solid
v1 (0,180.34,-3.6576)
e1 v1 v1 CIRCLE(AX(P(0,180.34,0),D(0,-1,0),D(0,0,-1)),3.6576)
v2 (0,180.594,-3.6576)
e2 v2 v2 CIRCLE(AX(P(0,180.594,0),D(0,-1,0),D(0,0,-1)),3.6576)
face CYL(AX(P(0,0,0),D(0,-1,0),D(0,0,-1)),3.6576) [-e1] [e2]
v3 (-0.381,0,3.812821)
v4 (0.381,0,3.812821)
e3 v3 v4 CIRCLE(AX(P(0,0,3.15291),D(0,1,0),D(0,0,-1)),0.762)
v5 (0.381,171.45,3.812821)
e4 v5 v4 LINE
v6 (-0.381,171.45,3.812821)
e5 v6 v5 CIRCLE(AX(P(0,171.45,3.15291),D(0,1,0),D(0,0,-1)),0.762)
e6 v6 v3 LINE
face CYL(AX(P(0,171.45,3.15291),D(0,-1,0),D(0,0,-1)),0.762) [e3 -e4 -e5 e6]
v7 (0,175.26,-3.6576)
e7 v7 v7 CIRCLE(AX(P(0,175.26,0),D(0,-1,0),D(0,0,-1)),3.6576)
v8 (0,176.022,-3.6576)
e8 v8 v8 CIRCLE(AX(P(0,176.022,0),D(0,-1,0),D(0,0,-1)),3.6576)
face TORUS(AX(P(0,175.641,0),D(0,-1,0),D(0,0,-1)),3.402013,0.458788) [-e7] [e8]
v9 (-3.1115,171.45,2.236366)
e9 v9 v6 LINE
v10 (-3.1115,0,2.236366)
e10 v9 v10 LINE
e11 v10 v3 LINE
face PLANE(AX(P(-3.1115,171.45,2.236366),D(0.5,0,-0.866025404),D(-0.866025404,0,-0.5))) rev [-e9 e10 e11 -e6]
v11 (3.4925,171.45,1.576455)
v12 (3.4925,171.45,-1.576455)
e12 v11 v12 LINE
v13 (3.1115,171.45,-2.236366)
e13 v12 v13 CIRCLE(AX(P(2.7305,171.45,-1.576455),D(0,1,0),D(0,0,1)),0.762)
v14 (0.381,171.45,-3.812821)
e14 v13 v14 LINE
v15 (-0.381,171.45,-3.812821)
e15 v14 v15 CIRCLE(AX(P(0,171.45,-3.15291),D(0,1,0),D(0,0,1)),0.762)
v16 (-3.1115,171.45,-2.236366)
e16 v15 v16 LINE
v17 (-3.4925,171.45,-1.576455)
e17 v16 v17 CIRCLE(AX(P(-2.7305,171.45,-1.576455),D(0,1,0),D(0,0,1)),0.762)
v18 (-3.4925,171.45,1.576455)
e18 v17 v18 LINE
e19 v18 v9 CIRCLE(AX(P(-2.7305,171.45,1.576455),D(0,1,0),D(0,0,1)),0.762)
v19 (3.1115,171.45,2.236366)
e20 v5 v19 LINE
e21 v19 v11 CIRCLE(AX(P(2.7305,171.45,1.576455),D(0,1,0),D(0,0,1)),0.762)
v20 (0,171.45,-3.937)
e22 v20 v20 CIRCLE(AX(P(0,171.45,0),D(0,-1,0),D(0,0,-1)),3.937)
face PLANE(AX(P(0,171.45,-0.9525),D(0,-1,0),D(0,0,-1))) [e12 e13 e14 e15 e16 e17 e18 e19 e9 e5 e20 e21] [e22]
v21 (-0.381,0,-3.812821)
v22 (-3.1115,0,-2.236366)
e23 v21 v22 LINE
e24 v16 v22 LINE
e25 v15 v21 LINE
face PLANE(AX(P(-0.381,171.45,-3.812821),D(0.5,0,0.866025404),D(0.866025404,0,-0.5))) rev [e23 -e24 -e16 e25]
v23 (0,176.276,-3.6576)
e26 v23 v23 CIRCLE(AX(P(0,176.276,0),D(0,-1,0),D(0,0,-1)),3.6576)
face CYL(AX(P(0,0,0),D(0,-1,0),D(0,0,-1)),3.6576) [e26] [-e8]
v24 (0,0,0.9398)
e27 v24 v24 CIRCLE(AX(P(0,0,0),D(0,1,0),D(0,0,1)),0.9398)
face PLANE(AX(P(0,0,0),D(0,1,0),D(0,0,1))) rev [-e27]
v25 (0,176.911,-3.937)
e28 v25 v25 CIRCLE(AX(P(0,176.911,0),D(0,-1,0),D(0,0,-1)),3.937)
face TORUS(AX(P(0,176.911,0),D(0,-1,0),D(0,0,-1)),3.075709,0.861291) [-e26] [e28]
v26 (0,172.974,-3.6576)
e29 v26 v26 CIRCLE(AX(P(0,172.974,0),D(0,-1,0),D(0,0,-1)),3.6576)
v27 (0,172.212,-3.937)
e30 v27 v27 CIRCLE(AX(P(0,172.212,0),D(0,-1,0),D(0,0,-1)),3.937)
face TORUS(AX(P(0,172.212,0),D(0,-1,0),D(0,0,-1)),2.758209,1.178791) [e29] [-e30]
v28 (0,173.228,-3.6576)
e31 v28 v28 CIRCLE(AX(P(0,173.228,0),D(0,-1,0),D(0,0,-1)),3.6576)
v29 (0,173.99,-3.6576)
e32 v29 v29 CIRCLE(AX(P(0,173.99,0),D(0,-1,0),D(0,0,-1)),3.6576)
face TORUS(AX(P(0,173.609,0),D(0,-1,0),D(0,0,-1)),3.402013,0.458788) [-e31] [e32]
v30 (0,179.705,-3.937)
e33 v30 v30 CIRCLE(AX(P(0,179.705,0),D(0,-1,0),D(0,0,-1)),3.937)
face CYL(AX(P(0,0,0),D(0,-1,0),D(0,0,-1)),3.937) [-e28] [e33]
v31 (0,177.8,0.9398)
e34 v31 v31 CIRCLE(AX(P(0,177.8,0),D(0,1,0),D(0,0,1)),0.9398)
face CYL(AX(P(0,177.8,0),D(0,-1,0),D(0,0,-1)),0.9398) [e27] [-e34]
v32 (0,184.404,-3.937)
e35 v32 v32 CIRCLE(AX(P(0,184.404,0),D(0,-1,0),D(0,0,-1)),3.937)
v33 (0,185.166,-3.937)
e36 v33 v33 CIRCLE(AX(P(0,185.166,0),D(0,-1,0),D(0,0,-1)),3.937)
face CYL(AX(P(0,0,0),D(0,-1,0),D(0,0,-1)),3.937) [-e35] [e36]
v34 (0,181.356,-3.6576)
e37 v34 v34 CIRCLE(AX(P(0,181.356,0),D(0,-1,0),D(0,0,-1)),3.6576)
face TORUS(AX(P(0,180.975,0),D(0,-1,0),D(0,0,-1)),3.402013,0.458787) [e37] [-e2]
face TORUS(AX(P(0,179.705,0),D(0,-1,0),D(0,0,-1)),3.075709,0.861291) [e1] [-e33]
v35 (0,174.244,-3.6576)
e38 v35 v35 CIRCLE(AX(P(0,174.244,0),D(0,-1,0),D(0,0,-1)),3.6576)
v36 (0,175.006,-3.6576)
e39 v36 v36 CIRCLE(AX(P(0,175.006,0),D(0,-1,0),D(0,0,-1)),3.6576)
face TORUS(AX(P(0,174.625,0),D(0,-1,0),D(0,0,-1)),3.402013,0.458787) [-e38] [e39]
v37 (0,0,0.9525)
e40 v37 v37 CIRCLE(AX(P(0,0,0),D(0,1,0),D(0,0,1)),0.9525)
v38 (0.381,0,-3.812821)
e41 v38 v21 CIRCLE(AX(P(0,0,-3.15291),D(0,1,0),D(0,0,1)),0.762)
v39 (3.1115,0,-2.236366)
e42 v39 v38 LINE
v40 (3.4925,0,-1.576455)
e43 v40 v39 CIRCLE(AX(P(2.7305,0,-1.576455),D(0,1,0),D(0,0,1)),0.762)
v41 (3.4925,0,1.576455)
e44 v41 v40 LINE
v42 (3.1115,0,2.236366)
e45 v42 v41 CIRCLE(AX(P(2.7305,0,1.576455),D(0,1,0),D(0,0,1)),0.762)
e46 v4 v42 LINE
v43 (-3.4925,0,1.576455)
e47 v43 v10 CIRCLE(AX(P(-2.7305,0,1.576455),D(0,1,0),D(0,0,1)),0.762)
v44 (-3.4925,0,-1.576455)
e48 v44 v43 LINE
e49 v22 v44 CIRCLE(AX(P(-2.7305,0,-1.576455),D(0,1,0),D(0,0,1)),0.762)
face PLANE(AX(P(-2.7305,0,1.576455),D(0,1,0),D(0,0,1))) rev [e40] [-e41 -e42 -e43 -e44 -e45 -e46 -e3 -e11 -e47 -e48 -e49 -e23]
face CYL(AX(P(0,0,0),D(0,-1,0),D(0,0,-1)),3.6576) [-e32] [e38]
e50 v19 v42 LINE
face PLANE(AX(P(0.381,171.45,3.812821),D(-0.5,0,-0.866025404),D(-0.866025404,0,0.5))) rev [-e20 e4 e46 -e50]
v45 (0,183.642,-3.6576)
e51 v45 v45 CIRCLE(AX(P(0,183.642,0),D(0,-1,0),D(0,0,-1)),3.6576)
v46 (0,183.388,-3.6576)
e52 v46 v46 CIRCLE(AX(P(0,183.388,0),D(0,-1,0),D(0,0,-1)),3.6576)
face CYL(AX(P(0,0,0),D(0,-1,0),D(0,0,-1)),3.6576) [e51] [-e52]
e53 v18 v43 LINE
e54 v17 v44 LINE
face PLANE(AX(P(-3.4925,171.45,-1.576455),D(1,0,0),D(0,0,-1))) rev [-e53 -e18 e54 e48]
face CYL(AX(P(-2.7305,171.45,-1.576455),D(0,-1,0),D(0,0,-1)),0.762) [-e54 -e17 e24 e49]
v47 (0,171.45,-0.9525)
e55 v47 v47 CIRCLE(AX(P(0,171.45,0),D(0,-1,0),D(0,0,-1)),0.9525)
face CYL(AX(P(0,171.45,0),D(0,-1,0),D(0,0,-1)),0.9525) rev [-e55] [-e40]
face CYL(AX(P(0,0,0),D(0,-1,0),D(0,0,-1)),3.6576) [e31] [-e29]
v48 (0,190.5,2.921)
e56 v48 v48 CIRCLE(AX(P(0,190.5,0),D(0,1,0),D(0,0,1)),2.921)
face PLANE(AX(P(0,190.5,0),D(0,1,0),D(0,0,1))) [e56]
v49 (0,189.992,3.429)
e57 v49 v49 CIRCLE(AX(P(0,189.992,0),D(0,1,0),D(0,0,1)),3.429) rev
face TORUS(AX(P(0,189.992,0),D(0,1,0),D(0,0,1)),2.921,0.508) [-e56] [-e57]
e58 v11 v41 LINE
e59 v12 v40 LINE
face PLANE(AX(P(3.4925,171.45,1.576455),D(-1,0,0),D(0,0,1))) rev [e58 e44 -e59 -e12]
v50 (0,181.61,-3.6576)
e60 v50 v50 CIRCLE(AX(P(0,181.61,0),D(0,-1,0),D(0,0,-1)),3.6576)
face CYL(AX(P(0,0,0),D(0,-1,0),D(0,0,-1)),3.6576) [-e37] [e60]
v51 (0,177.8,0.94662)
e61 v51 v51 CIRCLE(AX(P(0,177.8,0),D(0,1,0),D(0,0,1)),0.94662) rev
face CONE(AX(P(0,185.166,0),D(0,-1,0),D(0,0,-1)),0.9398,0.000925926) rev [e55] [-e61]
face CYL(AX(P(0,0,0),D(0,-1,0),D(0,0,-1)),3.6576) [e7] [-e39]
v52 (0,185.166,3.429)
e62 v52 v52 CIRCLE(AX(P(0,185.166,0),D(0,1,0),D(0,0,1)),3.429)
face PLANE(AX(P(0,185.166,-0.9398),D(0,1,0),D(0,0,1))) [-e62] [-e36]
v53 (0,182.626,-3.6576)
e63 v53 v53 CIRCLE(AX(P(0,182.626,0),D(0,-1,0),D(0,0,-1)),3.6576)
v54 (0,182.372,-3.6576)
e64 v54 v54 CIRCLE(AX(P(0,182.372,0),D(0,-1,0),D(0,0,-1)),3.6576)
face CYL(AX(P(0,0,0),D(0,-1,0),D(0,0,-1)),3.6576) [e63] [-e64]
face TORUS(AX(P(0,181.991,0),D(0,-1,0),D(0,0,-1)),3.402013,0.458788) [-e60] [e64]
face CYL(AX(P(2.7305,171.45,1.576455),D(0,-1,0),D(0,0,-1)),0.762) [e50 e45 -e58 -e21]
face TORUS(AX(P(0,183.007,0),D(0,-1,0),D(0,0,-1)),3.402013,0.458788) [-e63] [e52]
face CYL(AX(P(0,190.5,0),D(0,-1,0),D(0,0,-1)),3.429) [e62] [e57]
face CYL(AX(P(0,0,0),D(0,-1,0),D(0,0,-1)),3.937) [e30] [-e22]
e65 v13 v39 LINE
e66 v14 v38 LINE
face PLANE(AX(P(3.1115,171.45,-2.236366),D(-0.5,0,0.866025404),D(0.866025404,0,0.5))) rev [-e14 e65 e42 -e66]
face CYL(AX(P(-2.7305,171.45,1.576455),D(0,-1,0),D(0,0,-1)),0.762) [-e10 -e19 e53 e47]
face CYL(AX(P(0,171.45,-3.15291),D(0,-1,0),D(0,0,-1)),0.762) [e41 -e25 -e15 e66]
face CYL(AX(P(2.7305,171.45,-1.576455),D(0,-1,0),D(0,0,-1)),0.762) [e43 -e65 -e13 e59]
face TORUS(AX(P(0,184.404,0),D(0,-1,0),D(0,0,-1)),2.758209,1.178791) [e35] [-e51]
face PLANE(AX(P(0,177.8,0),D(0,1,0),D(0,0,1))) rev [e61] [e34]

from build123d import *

# Parameters (mm, degrees)
SKETCH1_R      = 0.9398
EXTRUDE1_DEPTH = 177.8
SKETCH2_R      = 0.9525
EXTRUDE2_DEPTH = 171.45
SKETCH4_R      = 3.429
EXTRUDE3_DEPTH = 12.7
FILLET1_R      = 0.508


with BuildPart() as part:
    # Sketch1 → Extrude1 (new body)
    with BuildSketch(Plane(origin=(0, 0, 0), x_dir=(1, 0, 0), z_dir=(0, 1, 0))):
        Circle(SKETCH1_R)
    extrude(amount=EXTRUDE1_DEPTH)



with BuildPart() as body_2:
    # Sketch2 → Extrude2 (new body)
    with BuildSketch(Plane(origin=(0, 0, 0), x_dir=(1, 0, 0), z_dir=(0, 1, 0))):
        with BuildLine():
            Line((0.381, -3.812821178), (3.1115, -2.236366268))
            ThreePointArc((3.1115, -2.236366268), (3.390411358, -1.95745491), (3.4925, -1.57645491))
            Line((3.4925, -1.57645491), (3.4925, 1.57645491))
            ThreePointArc((3.4925, 1.57645491), (3.390411358, 1.95745491), (3.1115, 2.236366268))
            Line((3.1115, 2.236366268), (0.381, 3.812821178))
            ThreePointArc((0.381, 3.812821178), (0, 3.91490982), (-0.381, 3.812821178))
            Line((-0.381, 3.812821178), (-3.1115, 2.236366268))
            ThreePointArc((-3.1115, 2.236366268), (-3.390411358, 1.95745491), (-3.4925, 1.57645491))
            Line((-3.4925, 1.57645491), (-3.4925, -1.57645491))
            ThreePointArc((-3.4925, -1.57645491), (-3.390411358, -1.95745491), (-3.1115, -2.236366268))
            Line((-3.1115, -2.236366268), (-0.381, -3.812821178))
            ThreePointArc((-0.381, -3.812821178), (0, -3.91490982), (0.381, -3.812821178))
        make_face()
        Circle(SKETCH2_R, mode=Mode.SUBTRACT)
    extrude(amount=EXTRUDE2_DEPTH)

    # Sketch3 → Revolve1 (revolve)
    with BuildSketch(Plane(origin=(0, 0, 0), x_dir=(0, 0, -1), z_dir=(1, 0, 0))):
        with BuildLine():
            Line((3.6576, 172.974), (3.6576, 173.228))
            ThreePointArc((3.6576, 173.228), (3.8608, 173.609), (3.6576, 173.99))
            Line((3.6576, 173.99), (3.6576, 174.244))
            ThreePointArc((3.6576, 174.244), (3.8608, 174.625), (3.6576, 175.006))
            Line((3.6576, 175.006), (3.6576, 175.26))
            ThreePointArc((3.6576, 175.26), (3.8608, 175.641), (3.6576, 176.022))
            Line((3.6576, 176.022), (3.6576, 176.276))
            ThreePointArc((3.6576, 176.276), (3.864061607, 176.564124893), (3.937, 176.911))
            Line((3.937, 176.911), (3.937, 179.705))
            ThreePointArc((3.937, 179.705), (3.864061607, 180.051875107), (3.6576, 180.34))
            Line((3.6576, 180.34), (3.6576, 180.594))
            ThreePointArc((3.6576, 180.594), (3.8608, 180.975), (3.6576, 181.356))
            Line((3.6576, 181.356), (3.6576, 181.61))
            ThreePointArc((3.6576, 181.61), (3.8608, 181.991), (3.6576, 182.372))
            Line((3.6576, 182.372), (3.6576, 182.626))
            ThreePointArc((3.6576, 182.626), (3.8608, 183.007), (3.6576, 183.388))
            Line((3.6576, 183.388), (3.6576, 183.642))
            ThreePointArc((3.6576, 183.642), (3.864947957, 183.998195749), (3.937, 184.404))
            Line((3.937, 184.404), (3.937, 185.166))
            Line((3.937, 185.166), (0.9398, 185.166))
            Line((0.9398, 185.166), (0.9525, 171.45))
            Line((0.9525, 171.45), (3.937, 171.45))
            Line((3.937, 171.45), (3.937, 172.212))
            ThreePointArc((3.937, 172.212), (3.864947957, 172.617804251), (3.6576, 172.974))
        make_face()
    revolve(axis=Axis((0, 0, 0), (0, 1, 0)))


with BuildPart() as part_1:
    add(part.part)

    add(body_2.part)  # Extrude3 merges body 2
    # Sketch4 → Extrude3 (add)
    with BuildSketch(Plane(origin=(0, 177.8, 0), x_dir=(1, 0, 0), z_dir=(0, 1, 0))):
        Circle(SKETCH4_R)
    extrude(amount=EXTRUDE3_DEPTH)

    # Fillet1
    fillet1_edges = [part_1.edges().sort_by_distance(p)[0] for p in [
        (-3.429, 190.5, 0),
    ]]
    fillet(fillet1_edges, radius=FILLET1_R)


solid = part_1.part
